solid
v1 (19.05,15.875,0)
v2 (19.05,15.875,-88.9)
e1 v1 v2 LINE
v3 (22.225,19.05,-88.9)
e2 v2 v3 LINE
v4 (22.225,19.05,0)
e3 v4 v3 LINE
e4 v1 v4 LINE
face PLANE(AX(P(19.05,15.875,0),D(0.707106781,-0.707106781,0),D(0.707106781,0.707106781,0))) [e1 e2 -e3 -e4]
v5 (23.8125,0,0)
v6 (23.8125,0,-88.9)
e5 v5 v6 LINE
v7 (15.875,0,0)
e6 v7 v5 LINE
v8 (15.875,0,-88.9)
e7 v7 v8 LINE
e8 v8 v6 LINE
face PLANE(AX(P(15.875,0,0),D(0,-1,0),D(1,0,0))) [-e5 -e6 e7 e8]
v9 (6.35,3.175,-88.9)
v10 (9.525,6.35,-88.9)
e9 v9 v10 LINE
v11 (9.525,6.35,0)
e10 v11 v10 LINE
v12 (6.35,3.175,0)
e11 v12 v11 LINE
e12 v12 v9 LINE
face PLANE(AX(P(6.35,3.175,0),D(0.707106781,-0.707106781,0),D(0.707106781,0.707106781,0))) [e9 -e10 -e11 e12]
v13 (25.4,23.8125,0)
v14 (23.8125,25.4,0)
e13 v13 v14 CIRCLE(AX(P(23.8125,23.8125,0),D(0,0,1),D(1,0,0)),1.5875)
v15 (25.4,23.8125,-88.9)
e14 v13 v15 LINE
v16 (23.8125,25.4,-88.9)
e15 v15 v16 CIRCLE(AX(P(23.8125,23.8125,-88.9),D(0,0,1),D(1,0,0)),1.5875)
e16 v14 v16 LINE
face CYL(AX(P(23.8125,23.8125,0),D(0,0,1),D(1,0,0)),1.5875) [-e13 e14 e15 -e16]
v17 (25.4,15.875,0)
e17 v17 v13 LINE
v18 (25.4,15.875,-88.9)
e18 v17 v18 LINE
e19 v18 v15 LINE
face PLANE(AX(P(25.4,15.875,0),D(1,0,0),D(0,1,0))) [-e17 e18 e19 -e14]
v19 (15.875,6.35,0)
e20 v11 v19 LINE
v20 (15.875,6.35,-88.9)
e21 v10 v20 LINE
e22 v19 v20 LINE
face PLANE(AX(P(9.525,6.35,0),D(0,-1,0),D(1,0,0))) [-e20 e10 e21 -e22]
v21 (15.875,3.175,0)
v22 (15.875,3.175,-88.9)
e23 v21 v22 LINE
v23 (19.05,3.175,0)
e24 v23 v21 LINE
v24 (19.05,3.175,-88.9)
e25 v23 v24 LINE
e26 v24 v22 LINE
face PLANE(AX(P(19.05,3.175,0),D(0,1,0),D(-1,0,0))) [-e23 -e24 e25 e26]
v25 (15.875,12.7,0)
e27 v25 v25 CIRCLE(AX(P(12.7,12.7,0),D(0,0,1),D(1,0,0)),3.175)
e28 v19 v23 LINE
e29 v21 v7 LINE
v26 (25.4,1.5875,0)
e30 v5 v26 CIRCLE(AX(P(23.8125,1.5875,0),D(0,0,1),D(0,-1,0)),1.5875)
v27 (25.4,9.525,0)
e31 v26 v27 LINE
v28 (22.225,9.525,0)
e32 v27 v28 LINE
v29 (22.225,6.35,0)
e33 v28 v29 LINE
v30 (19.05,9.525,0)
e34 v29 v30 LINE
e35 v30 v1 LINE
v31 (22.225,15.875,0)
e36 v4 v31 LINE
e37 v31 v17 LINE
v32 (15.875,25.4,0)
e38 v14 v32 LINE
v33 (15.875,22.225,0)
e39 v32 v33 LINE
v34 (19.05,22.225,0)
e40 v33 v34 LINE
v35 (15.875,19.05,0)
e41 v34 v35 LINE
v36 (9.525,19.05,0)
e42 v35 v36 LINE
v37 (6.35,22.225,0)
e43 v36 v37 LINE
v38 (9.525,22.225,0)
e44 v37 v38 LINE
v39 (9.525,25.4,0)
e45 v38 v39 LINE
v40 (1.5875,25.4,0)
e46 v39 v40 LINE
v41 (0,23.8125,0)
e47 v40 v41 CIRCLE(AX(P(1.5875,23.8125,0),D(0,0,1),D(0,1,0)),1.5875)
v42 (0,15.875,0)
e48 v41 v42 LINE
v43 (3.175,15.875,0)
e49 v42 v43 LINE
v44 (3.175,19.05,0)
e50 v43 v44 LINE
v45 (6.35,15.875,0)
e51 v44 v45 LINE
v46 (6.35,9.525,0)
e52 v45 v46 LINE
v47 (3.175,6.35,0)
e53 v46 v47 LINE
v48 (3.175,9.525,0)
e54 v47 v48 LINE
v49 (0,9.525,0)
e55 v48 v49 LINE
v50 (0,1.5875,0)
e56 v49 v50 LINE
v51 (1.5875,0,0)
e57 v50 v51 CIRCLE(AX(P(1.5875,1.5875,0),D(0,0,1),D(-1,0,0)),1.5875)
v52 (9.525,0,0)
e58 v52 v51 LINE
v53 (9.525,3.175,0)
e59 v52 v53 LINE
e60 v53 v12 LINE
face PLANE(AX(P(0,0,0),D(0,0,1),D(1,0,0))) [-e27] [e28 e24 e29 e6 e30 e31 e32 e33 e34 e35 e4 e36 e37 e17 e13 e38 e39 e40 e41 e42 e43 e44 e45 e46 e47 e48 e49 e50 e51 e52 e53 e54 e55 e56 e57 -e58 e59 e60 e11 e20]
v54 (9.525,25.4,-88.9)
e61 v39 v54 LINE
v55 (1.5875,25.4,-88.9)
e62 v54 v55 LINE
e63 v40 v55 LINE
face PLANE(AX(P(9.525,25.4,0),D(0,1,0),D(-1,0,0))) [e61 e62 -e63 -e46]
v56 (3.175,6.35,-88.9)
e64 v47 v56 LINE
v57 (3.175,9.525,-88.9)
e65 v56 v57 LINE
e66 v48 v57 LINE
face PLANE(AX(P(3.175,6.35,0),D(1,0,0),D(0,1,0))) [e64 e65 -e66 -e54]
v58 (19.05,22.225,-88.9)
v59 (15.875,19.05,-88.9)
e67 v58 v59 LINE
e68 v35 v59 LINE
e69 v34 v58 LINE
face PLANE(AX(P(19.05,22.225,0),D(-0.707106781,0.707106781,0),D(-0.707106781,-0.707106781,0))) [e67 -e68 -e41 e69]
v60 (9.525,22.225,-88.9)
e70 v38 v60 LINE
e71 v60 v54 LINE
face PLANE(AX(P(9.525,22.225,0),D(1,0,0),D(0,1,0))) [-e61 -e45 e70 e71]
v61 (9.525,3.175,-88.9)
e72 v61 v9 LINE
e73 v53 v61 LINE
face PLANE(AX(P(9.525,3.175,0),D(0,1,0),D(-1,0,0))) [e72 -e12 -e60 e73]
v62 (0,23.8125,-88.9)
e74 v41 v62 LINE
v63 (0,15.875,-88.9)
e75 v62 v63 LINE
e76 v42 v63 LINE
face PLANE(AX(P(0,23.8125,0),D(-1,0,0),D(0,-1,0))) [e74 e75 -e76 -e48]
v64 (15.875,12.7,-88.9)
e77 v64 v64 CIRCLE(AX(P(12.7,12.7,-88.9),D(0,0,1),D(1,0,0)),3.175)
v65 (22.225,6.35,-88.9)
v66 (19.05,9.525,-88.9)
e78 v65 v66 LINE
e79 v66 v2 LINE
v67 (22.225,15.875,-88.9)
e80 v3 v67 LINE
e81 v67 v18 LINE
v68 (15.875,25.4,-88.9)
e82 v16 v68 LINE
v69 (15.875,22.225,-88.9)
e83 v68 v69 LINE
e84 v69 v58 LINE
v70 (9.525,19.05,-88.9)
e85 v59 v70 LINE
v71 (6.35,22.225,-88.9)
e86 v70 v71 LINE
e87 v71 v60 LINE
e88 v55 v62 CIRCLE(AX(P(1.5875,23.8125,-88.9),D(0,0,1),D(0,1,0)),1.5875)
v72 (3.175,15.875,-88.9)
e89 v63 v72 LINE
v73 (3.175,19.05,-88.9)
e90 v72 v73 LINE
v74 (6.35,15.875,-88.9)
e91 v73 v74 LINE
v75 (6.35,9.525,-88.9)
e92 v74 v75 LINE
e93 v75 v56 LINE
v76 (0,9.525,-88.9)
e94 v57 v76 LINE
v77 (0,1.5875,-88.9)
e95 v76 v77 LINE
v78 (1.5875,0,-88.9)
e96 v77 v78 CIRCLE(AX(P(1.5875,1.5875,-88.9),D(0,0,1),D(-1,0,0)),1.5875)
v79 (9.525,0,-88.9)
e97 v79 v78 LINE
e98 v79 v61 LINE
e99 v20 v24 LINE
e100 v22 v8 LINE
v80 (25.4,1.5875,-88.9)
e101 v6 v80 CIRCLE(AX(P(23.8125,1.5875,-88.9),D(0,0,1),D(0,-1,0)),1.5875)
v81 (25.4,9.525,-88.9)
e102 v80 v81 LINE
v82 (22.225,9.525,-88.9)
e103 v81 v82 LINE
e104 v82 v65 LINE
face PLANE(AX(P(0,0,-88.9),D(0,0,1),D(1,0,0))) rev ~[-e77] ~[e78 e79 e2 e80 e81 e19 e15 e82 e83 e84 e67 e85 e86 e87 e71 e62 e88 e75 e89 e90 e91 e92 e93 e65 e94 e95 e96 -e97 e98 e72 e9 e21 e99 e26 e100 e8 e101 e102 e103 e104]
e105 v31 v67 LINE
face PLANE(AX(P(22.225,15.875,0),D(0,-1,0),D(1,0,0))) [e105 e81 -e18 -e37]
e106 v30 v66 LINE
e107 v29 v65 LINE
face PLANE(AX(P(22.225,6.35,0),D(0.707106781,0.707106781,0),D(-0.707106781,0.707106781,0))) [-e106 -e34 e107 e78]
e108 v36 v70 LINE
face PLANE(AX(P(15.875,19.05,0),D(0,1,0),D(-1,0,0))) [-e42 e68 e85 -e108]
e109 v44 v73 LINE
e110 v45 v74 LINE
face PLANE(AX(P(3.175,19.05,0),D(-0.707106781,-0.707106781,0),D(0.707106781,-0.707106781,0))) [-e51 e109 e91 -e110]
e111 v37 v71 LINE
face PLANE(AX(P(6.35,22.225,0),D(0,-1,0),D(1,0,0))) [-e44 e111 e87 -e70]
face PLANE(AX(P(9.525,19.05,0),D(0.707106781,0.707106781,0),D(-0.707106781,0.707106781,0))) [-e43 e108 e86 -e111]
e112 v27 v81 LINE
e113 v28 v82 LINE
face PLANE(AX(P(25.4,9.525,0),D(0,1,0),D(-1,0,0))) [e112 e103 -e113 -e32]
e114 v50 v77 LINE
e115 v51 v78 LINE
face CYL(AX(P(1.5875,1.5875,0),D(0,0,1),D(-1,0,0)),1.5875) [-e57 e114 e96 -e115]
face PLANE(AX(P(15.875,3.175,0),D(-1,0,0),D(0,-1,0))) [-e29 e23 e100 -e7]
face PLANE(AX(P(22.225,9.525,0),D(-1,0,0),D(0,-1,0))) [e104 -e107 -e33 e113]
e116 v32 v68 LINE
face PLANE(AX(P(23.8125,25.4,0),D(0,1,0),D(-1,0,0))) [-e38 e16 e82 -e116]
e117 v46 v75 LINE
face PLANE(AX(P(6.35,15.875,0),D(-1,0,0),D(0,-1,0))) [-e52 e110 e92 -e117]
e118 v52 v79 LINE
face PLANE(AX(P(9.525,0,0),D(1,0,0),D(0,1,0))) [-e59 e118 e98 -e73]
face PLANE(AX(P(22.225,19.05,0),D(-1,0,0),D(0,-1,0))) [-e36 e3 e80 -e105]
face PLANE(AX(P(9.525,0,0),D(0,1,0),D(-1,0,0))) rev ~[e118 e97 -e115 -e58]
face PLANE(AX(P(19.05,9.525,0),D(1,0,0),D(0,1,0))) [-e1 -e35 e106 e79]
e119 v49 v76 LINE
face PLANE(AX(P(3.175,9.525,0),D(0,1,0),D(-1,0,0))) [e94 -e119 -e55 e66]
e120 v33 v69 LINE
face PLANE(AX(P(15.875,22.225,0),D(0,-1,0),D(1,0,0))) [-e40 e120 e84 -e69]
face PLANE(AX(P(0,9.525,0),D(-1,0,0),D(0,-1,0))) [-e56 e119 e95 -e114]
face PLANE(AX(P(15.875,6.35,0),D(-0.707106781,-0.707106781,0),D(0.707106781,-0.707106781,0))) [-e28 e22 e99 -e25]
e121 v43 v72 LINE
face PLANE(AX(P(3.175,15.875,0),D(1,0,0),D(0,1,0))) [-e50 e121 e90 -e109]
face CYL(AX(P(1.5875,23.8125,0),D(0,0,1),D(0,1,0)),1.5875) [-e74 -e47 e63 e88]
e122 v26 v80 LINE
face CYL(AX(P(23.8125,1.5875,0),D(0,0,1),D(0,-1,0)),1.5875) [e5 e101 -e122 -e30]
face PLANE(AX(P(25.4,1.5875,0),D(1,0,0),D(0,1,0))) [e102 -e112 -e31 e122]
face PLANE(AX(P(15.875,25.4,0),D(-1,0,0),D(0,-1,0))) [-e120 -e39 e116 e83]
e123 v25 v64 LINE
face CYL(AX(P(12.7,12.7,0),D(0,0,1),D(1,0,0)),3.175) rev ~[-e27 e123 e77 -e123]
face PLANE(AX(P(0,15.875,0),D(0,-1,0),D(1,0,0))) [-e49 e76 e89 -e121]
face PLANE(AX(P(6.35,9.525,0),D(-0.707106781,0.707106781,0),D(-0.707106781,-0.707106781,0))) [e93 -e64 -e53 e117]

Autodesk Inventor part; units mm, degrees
ref_plane "YZ Plane" through (0, 0, 0) normal (1, 0, 0) x (0, 1, 0)
ref_plane "XZ Plane" through (0, 0, 0) normal (0, 1, 0) x (-1, 0, 0)
ref_plane "XY Plane" through (0, 0, 0) normal (0, 0, 1) x (1, 0, 0)
sketch "Sketch1" plane through (0, 0, 0) normal (0, 0, 1) x (1, 0, 0)
  line L0 (0, 15.875) -> (3.175, 15.875)
  line L1 (3.175, 15.875) -> (3.175, 19.05)
  line L2 (3.175, 19.05) -> (6.35, 15.875)
  line L3 (6.35, 15.875) -> (6.35, 9.525)
  line L4 (6.35, 9.525) -> (3.175, 6.35)
  line L5 (3.175, 6.35) -> (3.175, 9.525)
  line L6 (3.175, 9.525) -> (0, 9.525)
  line L7 (9.525, 0) -> (9.525, 3.175)
  line L8 (9.525, 3.175) -> (6.35, 3.175)
  line L9 (6.35, 3.175) -> (9.525, 6.35)
  line L10 (9.525, 6.35) -> (15.875, 6.35)
  line L11 (15.875, 6.35) -> (19.05, 3.175)
  line L12 (19.05, 3.175) -> (15.875, 3.175)
  line L13 (15.875, 3.175) -> (15.875, 0)
  line L14 (25.4, 9.525) -> (22.225, 9.525)
  line L15 (22.225, 9.525) -> (22.225, 6.35)
  line L16 (22.225, 6.35) -> (19.05, 9.525)
  line L17 (19.05, 9.525) -> (19.05, 15.875)
  line L18 (19.05, 15.875) -> (22.225, 19.05)
  line L19 (22.225, 19.05) -> (22.225, 15.875)
  line L20 (22.225, 15.875) -> (25.4, 15.875)
  line L21 (15.875, 25.4) -> (15.875, 22.225)
  line L22 (15.875, 22.225) -> (19.05, 22.225)
  line L23 (19.05, 22.225) -> (15.875, 19.05)
  line L24 (15.875, 19.05) -> (9.525, 19.05)
  line L25 (9.525, 19.05) -> (6.35, 22.225)
  line L26 (6.35, 22.225) -> (9.525, 22.225)
  line L27 (9.525, 22.225) -> (9.525, 25.4)
  circle A0 centre (12.7, 12.7) radius 3.175
  line L28 (0, 23.8125) -> (0, 15.875)
  line L29 (0, 9.525) -> (0, 1.5875)
  line L30 (9.525, 0) -> (1.5875, 0)
  line L31 (15.875, 0) -> (23.8125, 0)
  line L32 (25.4, 1.5875) -> (25.4, 9.525)
  line L33 (25.4, 15.875) -> (25.4, 23.8125)
  line L34 (23.8125, 25.4) -> (15.875, 25.4)
  line L35 (9.525, 25.4) -> (1.5875, 25.4)
  arc A1 (0, 1.5875) -> (1.5875, 0) centre (1.5875, 1.5875) ccw
  arc A2 (1.5875, 25.4) -> (0, 23.8125) centre (1.5875, 23.8125) ccw
  arc A3 (25.4, 23.8125) -> (23.8125, 25.4) centre (23.8125, 23.8125) ccw
  arc A4 (23.8125, 0) -> (25.4, 1.5875) centre (23.8125, 1.5875) ccw
  point P0 (0, 0)
  point P1 (25.4, 0)
  point P2 (0, 25.4)
  dimension "d5" = 6.35
  dimension "d7" = 12.7
  dimension "d8" = 3.175
  dimension "d9" = 3.175
  dimension "d13" = 360
  dimension "d15" = 6.35
  dimension "d16" = 1.5875
extrude "Extrusion2" add sketch "Sketch1" against normal blind 88.9
properties part number "5 in shooter standoff"
